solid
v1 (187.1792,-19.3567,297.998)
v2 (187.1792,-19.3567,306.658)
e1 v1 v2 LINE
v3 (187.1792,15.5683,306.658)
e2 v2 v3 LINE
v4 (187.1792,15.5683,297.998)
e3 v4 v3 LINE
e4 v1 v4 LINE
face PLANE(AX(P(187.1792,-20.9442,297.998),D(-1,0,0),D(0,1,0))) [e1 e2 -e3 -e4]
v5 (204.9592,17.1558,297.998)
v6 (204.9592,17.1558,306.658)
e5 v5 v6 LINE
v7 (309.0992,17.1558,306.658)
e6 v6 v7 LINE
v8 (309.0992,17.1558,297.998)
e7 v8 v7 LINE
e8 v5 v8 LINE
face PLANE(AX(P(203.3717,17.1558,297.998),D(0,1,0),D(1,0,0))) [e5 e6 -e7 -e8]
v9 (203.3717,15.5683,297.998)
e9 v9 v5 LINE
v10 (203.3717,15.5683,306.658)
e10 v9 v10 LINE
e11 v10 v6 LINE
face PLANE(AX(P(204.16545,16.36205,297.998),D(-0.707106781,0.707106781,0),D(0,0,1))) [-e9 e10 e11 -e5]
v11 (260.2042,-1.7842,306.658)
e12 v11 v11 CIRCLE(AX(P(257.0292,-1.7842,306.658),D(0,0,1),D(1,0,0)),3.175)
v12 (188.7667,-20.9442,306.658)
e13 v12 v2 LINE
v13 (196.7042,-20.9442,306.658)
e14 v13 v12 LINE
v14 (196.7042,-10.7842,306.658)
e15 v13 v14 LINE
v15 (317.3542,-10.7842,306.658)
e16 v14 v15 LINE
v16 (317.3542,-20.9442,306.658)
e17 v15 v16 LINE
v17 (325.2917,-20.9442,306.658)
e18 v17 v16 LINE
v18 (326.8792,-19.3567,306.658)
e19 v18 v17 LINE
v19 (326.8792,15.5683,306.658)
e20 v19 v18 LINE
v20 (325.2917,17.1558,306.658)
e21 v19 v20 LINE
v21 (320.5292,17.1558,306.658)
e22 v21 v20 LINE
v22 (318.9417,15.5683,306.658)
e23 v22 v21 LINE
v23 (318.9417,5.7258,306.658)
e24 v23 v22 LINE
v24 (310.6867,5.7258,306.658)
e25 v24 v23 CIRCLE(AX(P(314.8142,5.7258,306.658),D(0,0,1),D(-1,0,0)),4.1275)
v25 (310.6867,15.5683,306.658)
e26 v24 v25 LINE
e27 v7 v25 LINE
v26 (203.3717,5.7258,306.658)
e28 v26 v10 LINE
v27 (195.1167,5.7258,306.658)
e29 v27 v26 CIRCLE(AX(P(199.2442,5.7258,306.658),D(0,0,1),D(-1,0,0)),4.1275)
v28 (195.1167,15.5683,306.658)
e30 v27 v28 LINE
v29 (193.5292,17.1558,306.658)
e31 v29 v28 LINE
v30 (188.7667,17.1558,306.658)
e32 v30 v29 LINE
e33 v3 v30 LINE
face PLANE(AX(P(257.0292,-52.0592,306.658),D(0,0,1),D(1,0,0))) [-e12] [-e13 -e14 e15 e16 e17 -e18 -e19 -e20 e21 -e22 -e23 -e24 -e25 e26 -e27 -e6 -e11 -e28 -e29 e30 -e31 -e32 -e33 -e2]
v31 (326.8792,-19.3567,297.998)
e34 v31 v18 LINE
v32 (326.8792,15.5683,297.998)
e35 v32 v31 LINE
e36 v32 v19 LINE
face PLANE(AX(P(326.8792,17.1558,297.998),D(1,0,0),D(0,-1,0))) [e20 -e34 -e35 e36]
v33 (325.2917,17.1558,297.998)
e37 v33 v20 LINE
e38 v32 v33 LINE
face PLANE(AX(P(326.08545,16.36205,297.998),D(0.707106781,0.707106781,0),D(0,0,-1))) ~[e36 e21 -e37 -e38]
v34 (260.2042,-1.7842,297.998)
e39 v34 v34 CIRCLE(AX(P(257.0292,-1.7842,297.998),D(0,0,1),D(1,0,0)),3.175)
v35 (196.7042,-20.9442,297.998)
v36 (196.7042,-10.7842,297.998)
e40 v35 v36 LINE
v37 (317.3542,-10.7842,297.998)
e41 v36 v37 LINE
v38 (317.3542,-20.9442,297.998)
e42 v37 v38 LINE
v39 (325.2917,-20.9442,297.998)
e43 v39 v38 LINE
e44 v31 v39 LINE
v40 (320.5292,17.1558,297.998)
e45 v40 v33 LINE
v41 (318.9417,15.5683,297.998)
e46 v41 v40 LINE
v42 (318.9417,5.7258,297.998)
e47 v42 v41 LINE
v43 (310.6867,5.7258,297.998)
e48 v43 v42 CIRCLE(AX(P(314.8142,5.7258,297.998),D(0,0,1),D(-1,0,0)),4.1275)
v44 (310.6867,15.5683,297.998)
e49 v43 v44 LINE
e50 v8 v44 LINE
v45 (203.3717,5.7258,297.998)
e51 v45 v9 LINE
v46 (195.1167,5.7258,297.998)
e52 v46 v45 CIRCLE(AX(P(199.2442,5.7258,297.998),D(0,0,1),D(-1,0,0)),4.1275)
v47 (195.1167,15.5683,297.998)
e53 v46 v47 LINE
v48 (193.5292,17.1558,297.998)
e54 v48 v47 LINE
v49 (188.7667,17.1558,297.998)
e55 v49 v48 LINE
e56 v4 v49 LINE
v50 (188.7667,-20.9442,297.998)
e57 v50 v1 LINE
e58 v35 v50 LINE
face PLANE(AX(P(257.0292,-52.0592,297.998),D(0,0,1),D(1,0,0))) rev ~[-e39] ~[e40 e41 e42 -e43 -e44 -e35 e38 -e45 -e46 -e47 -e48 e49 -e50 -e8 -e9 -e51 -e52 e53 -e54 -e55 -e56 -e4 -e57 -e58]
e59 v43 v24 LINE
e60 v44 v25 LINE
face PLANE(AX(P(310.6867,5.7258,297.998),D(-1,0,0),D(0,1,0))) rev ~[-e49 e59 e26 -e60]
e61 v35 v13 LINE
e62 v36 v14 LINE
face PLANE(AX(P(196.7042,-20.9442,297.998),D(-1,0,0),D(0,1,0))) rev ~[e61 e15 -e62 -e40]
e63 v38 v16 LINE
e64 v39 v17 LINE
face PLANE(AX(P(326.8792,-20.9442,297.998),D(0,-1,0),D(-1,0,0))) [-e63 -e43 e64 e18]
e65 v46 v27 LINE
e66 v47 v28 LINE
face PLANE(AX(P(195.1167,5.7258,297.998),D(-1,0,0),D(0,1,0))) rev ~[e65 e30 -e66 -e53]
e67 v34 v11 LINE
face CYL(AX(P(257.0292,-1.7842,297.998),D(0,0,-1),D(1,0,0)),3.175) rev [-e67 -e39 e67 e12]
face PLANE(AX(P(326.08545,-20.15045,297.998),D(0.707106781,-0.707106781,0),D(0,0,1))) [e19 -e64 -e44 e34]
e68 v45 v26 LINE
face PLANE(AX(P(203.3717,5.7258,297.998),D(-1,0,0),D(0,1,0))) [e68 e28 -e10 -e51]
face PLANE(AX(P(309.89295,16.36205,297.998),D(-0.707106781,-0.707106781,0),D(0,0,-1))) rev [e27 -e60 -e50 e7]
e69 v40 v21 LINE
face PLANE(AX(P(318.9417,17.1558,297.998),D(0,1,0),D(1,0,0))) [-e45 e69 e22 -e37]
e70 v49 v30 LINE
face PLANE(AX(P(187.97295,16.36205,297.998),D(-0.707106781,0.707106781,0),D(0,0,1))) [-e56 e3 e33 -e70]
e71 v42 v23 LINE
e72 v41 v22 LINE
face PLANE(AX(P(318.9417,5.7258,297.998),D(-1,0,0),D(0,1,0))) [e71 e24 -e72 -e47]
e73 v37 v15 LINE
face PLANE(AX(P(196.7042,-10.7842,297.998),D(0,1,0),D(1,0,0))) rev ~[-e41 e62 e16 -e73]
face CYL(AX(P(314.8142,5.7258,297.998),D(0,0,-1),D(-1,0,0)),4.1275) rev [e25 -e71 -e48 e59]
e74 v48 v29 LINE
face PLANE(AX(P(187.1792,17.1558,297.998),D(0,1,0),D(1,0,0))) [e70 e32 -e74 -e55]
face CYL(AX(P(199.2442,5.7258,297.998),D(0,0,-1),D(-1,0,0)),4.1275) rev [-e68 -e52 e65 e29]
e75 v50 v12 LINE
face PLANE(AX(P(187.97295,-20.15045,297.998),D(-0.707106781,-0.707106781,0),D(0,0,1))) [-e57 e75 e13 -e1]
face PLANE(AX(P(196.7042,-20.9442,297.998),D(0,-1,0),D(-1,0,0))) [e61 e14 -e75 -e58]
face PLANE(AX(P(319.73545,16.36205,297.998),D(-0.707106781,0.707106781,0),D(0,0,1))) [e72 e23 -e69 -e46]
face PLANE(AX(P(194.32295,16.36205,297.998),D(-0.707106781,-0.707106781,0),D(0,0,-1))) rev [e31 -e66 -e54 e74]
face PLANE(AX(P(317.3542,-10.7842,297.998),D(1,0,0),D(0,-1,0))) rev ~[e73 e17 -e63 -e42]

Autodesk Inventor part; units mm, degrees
ref_plane "YZ Plane" through (0, 0, 0) normal (1, 0, 0) x (0, 1, 0)
ref_plane "XZ Plane" through (0, 0, 0) normal (0, 1, 0) x (-1, 0, 0)
ref_plane "XY Plane" through (0, 0, 0) normal (0, 0, 1) x (1, 0, 0)
ref_plane "Work Plane1" through (257.0292, -52.0592, 297.998) normal (0, 0, 1) x (1, 0, 0)
sketch "Sketch1" plane through (257.0292, -52.0592, 297.998) normal (0, 0, 1) x (1, 0, 0)
  line L0 (69.85, 69.215) -> (69.85, 31.115)
  line L1 (-69.85, 31.115) -> (-69.85, 69.215)
  arc A0 (-61.9125, 57.785) -> (-53.6575, 57.785) centre (-57.785, 57.785) ccw
  line L2 (-61.9125, 57.785) -> (-61.9125, 69.215)
  line L3 (-53.6575, 57.785) -> (-53.6575, 69.215)
  line L4 (-69.85, 69.215) -> (-61.9125, 69.215)
  line L5 (0, 69.215) -> (0, 28.575) construction
  arc A1 (53.6575, 57.785) -> (61.9125, 57.785) centre (57.785, 57.785) ccw
  line L6 (61.9125, 57.785) -> (61.9125, 69.215)
  line L7 (53.6575, 57.785) -> (53.6575, 69.215)
  line L8 (-53.6575, 69.215) -> (53.6575, 69.215)
  line L9 (61.9125, 69.215) -> (69.85, 69.215)
  line L10 (-60.325, 31.115) -> (-60.325, 41.275)
  line L11 (-60.325, 41.275) -> (60.325, 41.275)
  line L12 (60.325, 41.275) -> (60.325, 31.115)
  line L13 (69.85, 31.115) -> (60.325, 31.115)
  line L14 (-60.325, 31.115) -> (-69.85, 31.115)
  circle A2 centre (0, 50.275) radius 3.175
  point P0 (0, 0)
  dimension "d0" = 139.7
  dimension "d1" = 69.85
  dimension "d3" = 38.1
  dimension "d6" = 8.255
  dimension "d10" = 12.065
  dimension "d12" = 10.16
  dimension "d15" = 120.65
  dimension "d17" = 60.325
  dimension "d18" = 69.85
  dimension "d19" = 31.115
  dimension "d20" = 31.115
  dimension "d22" = 6.35
  dimension "d23" = 57.785
  dimension "d24" = 27.94
extrude "Extrusion1" add sketch "Sketch1" along normal blind 8.66
chamfer "Chamfer1" distance 1.5875 angle 45 8 edges at (326.8792, -20.9442, 302.328) (326.8792, 17.1558, 302.328) (187.1792, -20.9442, 302.328) (187.1792, 17.1558, 302.328) (310.6867, 17.1558, 302.328) (318.9417, 17.1558, 302.328) (203.3717, 17.1558, 302.328) (195.1167, 17.1558, 302.328)
equation "\"d17\" = 0.5 * d15"
equation "\"d18\" = 0.5 * d0"
properties part number "Upper Support"
